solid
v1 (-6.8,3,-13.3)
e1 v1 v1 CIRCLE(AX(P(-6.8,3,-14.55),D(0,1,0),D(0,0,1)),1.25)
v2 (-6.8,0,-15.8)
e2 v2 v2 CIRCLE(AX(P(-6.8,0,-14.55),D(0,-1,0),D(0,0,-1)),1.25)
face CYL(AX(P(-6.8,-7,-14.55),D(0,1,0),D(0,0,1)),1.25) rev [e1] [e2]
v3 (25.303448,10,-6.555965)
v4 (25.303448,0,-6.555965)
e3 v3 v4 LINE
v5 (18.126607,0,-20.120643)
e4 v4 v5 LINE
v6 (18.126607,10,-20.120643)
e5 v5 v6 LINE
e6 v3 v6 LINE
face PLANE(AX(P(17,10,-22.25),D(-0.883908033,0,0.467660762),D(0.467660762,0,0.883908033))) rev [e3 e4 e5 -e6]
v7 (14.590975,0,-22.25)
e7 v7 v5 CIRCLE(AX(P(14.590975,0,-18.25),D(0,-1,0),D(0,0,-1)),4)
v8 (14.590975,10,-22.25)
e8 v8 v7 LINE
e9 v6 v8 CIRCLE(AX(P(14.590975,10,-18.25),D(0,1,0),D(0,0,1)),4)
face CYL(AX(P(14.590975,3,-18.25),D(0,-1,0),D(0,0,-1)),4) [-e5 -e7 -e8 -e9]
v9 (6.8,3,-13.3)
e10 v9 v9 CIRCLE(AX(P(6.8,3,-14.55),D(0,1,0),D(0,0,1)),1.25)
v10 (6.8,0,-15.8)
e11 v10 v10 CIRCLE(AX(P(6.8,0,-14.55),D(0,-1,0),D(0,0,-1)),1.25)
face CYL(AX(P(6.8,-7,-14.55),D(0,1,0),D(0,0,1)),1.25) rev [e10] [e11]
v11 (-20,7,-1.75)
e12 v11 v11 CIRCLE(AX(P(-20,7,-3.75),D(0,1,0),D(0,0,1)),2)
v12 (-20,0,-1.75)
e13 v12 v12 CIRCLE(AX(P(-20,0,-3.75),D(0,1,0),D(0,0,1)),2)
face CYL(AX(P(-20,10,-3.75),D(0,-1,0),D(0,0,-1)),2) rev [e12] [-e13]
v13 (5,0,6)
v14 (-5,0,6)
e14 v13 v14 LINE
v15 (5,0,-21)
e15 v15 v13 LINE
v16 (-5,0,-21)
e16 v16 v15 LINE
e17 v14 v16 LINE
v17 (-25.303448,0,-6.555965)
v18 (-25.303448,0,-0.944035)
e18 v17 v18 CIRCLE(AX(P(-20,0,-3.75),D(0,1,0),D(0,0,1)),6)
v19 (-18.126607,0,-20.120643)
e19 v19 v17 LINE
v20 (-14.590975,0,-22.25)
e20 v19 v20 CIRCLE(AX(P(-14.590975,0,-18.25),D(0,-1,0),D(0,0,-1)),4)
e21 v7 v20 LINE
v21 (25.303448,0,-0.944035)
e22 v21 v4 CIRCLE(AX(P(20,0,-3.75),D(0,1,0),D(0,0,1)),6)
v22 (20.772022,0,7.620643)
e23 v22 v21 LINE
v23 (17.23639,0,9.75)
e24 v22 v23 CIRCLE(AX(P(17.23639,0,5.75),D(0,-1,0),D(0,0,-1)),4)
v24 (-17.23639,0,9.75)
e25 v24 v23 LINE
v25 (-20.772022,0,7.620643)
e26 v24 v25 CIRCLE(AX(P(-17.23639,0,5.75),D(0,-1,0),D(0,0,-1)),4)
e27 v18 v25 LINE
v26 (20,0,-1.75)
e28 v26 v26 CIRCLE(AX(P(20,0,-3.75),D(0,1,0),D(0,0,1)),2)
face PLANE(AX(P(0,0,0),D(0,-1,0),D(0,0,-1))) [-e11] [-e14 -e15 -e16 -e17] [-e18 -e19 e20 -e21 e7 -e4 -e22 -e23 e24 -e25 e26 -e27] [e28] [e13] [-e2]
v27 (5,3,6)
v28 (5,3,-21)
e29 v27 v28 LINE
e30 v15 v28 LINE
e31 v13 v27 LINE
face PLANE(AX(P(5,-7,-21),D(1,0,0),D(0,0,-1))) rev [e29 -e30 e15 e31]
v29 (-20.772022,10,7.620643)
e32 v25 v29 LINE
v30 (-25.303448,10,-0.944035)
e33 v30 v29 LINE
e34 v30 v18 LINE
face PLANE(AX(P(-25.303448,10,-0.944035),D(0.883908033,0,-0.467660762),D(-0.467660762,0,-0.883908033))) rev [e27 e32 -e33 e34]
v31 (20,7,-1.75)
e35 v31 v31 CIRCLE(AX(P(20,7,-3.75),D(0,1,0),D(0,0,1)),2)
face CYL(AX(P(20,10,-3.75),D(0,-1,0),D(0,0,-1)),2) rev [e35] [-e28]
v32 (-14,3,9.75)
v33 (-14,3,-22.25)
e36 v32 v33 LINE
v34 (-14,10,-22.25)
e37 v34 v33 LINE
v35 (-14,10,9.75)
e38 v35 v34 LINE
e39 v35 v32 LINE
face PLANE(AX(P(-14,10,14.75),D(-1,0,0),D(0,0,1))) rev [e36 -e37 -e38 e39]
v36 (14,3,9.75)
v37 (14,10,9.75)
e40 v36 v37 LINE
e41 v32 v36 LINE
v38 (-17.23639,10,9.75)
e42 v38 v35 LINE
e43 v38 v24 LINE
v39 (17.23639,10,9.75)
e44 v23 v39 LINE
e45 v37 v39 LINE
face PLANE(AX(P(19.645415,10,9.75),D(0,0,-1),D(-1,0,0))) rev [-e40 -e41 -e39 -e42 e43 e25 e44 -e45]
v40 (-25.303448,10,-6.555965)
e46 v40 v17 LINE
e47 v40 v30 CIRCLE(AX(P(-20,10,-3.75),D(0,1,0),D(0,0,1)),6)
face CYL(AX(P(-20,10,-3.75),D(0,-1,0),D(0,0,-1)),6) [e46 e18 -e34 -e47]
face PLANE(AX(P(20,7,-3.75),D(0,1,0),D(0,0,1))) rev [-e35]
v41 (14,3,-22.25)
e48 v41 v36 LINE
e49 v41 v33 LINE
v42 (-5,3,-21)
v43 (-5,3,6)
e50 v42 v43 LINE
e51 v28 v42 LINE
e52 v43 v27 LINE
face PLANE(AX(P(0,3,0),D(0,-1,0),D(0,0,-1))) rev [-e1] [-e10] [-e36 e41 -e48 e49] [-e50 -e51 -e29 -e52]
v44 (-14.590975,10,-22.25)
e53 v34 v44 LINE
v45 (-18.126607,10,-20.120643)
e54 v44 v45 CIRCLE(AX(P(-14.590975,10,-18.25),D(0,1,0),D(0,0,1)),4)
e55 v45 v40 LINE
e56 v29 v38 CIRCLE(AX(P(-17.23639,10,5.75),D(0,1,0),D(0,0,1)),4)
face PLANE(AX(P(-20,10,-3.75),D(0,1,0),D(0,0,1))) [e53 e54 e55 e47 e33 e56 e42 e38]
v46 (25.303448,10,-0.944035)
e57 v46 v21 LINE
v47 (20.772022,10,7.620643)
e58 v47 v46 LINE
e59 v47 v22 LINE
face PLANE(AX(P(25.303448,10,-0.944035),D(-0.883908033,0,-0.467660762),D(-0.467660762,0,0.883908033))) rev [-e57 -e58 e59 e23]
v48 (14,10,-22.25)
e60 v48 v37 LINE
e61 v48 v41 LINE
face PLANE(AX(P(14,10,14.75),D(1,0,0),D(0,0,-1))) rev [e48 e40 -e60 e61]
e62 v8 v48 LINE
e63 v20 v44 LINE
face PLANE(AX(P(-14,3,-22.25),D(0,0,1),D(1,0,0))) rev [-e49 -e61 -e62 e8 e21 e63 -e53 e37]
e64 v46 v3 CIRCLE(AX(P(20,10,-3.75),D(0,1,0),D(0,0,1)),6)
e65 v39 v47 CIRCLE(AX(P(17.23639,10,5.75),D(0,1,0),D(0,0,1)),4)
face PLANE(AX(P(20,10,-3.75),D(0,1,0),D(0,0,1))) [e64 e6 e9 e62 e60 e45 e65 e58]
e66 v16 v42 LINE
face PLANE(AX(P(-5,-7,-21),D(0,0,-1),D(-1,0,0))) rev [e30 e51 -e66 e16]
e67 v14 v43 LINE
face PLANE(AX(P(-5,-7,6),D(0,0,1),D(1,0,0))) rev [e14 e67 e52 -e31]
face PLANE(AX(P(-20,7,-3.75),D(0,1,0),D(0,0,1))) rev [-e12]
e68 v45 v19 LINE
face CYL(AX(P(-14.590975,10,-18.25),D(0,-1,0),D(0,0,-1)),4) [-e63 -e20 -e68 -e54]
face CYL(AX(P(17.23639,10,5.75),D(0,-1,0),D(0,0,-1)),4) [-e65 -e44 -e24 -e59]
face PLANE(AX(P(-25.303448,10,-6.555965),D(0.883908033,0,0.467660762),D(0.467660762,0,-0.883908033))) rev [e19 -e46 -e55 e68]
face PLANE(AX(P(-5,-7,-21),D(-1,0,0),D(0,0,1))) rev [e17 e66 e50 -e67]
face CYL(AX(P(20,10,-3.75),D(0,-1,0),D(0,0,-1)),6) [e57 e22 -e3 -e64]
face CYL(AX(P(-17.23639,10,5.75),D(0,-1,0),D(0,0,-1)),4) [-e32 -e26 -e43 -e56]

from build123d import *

# Parameters (mm, degrees)
BOSS_EXTRUDE3_DEPTH     = 3
SKETCH14_W              = 3
SKETCH14_H              = 37
BOSS_EXTRUDE8_DEPTH     = 3
SKETCH15_R              = 2
BOSS_EXTRUDE9_DEPTH     = 10
BOSS_EXTRUDE10_START    = -3
SKETCH16_R              = 2
BOSS_EXTRUDE10_DEPTH    = 3
CUT_EXTRUDE6_DEPTH      = 36.65196348
CUT_EXTRUDE6_DEPTH_BACK = 36.65196348
SKETCH18_W              = 39.290830544
SKETCH18_H              = 5
FILLET1_R               = 4
SKETCH19_R              = 1.25
SKETCH19_W              = 10
SKETCH19_H              = 27
CUT_EXTRUDE7_DEPTH      = 10


with BuildPart() as part:
    # Sketch1 → Boss-Extrude3 (new body)
    with BuildSketch(Plane(origin=(0, 0, 0), x_dir=(1, 0, 0), z_dir=(0, 1, 0))):
        Polygon((-14, -6.25), (-14, 13.75), (-14, 22.25), (14, 22.25), (14, 13.75), (14, -6.25), (14, -14.75), (-14, -14.75), align=None)
    extrude(amount=BOSS_EXTRUDE3_DEPTH)

    # Sketch14 → Boss-Extrude8 (add)
    with BuildSketch(Plane.XZ):
        with Locations((-15.5, -3.75)):
            Rectangle(SKETCH14_W, SKETCH14_H)
        with Locations((15.5, -3.75)):
            Rectangle(SKETCH14_W, SKETCH14_H)
    extrude(amount=-BOSS_EXTRUDE8_DEPTH)

    # Sketch15 → Boss-Extrude9 (add)
    # profile 1 of 2: a face of its own
    with BuildSketch(Plane(origin=(0, 0, 0), x_dir=(1, 0, 0), z_dir=(0, 1, 0))):
        with BuildLine():
            Line((-25.3034482, 6.555964573), (-17, 22.25))
            Line((-17, 22.25), (-14, 22.25))
            Line((-14, 22.25), (-14, -14.75))
            Line((-14, -14.75), (-17, -14.75))
            Line((-17, -14.75), (-25.3034482, 0.944035427))
            ThreePointArc((-25.3034482, 0.944035427), (-26, 3.75), (-25.3034482, 6.555964573))
        make_face()
        with Locations(Location((-20, 3.75, 0), (0, 0, 270))):
            Circle(SKETCH15_R, mode=Mode.SUBTRACT)
    # profile 2 of 2: a face of its own
    with BuildSketch(Plane(origin=(0, 0, 0), x_dir=(1, 0, 0), z_dir=(0, 1, 0))):
        with BuildLine():
            Line((17, 22.25), (25.3034482, 6.555964573))
            ThreePointArc((25.3034482, 6.555964573), (26, 3.75), (25.3034482, 0.944035427))
            Line((25.3034482, 0.944035427), (17, -14.75))
            Line((17, -14.75), (14, -14.75))
            Line((14, -14.75), (14, 22.25))
            Line((14, 22.25), (17, 22.25))
        make_face()
        with Locations(Location((20, 3.75, 0), (0, 0, 270))):
            Circle(SKETCH15_R, mode=Mode.SUBTRACT)
    extrude(amount=BOSS_EXTRUDE9_DEPTH)

    # Sketch16 → Boss-Extrude10 (add)
    with BuildSketch(Plane(origin=(0, 10, 0), x_dir=(1, 0, 0), z_dir=(0, 1, 0)).offset(BOSS_EXTRUDE10_START)):
        with Locations(Location((20, 3.75, 0), (0, 0, 270))):
            Circle(SKETCH16_R)
        with Locations(Location((-20, 3.75, 0), (0, 0, 270))):
            Circle(SKETCH16_R)
    extrude(amount=BOSS_EXTRUDE10_DEPTH)

    # Sketch18 → Cut-Extrude6 (cut, two sides: drawn at the far end of the back side and taken through both)
    with BuildSketch(Plane.XZ.offset(-CUT_EXTRUDE6_DEPTH_BACK)):
        with Locations((0, 12.25)):
            Rectangle(SKETCH18_W, SKETCH18_H)
    extrude(amount=CUT_EXTRUDE6_DEPTH + CUT_EXTRUDE6_DEPTH_BACK, mode=Mode.SUBTRACT)

    # Fillet1
    fillet1_edges = [part.edges().sort_by_distance(p)[0] for p in [
        (19.645415272, 5, 9.75),
        (-19.645415272, 5, 9.75),
        (-17, 5, -22.25),
        (17, 5, -22.25),
    ]]
    fillet(fillet1_edges, radius=FILLET1_R)

    # Sketch19 → Cut-Extrude7 (cut)
    with BuildSketch(Plane(origin=(0, 3, 0), x_dir=(1, 0, 0), z_dir=(0, 1, 0))):
        with Locations(Location((-6.8, 14.55, 0), (0, 0, 270))):
            Circle(SKETCH19_R)
        with Locations(Location((6.8, 14.55, 0), (0, 0, 270))):
            Circle(SKETCH19_R)
        with Locations((0, 7.5)):
            Rectangle(SKETCH19_W, SKETCH19_H)
    extrude(amount=-CUT_EXTRUDE7_DEPTH, mode=Mode.SUBTRACT)


solid = part.part
